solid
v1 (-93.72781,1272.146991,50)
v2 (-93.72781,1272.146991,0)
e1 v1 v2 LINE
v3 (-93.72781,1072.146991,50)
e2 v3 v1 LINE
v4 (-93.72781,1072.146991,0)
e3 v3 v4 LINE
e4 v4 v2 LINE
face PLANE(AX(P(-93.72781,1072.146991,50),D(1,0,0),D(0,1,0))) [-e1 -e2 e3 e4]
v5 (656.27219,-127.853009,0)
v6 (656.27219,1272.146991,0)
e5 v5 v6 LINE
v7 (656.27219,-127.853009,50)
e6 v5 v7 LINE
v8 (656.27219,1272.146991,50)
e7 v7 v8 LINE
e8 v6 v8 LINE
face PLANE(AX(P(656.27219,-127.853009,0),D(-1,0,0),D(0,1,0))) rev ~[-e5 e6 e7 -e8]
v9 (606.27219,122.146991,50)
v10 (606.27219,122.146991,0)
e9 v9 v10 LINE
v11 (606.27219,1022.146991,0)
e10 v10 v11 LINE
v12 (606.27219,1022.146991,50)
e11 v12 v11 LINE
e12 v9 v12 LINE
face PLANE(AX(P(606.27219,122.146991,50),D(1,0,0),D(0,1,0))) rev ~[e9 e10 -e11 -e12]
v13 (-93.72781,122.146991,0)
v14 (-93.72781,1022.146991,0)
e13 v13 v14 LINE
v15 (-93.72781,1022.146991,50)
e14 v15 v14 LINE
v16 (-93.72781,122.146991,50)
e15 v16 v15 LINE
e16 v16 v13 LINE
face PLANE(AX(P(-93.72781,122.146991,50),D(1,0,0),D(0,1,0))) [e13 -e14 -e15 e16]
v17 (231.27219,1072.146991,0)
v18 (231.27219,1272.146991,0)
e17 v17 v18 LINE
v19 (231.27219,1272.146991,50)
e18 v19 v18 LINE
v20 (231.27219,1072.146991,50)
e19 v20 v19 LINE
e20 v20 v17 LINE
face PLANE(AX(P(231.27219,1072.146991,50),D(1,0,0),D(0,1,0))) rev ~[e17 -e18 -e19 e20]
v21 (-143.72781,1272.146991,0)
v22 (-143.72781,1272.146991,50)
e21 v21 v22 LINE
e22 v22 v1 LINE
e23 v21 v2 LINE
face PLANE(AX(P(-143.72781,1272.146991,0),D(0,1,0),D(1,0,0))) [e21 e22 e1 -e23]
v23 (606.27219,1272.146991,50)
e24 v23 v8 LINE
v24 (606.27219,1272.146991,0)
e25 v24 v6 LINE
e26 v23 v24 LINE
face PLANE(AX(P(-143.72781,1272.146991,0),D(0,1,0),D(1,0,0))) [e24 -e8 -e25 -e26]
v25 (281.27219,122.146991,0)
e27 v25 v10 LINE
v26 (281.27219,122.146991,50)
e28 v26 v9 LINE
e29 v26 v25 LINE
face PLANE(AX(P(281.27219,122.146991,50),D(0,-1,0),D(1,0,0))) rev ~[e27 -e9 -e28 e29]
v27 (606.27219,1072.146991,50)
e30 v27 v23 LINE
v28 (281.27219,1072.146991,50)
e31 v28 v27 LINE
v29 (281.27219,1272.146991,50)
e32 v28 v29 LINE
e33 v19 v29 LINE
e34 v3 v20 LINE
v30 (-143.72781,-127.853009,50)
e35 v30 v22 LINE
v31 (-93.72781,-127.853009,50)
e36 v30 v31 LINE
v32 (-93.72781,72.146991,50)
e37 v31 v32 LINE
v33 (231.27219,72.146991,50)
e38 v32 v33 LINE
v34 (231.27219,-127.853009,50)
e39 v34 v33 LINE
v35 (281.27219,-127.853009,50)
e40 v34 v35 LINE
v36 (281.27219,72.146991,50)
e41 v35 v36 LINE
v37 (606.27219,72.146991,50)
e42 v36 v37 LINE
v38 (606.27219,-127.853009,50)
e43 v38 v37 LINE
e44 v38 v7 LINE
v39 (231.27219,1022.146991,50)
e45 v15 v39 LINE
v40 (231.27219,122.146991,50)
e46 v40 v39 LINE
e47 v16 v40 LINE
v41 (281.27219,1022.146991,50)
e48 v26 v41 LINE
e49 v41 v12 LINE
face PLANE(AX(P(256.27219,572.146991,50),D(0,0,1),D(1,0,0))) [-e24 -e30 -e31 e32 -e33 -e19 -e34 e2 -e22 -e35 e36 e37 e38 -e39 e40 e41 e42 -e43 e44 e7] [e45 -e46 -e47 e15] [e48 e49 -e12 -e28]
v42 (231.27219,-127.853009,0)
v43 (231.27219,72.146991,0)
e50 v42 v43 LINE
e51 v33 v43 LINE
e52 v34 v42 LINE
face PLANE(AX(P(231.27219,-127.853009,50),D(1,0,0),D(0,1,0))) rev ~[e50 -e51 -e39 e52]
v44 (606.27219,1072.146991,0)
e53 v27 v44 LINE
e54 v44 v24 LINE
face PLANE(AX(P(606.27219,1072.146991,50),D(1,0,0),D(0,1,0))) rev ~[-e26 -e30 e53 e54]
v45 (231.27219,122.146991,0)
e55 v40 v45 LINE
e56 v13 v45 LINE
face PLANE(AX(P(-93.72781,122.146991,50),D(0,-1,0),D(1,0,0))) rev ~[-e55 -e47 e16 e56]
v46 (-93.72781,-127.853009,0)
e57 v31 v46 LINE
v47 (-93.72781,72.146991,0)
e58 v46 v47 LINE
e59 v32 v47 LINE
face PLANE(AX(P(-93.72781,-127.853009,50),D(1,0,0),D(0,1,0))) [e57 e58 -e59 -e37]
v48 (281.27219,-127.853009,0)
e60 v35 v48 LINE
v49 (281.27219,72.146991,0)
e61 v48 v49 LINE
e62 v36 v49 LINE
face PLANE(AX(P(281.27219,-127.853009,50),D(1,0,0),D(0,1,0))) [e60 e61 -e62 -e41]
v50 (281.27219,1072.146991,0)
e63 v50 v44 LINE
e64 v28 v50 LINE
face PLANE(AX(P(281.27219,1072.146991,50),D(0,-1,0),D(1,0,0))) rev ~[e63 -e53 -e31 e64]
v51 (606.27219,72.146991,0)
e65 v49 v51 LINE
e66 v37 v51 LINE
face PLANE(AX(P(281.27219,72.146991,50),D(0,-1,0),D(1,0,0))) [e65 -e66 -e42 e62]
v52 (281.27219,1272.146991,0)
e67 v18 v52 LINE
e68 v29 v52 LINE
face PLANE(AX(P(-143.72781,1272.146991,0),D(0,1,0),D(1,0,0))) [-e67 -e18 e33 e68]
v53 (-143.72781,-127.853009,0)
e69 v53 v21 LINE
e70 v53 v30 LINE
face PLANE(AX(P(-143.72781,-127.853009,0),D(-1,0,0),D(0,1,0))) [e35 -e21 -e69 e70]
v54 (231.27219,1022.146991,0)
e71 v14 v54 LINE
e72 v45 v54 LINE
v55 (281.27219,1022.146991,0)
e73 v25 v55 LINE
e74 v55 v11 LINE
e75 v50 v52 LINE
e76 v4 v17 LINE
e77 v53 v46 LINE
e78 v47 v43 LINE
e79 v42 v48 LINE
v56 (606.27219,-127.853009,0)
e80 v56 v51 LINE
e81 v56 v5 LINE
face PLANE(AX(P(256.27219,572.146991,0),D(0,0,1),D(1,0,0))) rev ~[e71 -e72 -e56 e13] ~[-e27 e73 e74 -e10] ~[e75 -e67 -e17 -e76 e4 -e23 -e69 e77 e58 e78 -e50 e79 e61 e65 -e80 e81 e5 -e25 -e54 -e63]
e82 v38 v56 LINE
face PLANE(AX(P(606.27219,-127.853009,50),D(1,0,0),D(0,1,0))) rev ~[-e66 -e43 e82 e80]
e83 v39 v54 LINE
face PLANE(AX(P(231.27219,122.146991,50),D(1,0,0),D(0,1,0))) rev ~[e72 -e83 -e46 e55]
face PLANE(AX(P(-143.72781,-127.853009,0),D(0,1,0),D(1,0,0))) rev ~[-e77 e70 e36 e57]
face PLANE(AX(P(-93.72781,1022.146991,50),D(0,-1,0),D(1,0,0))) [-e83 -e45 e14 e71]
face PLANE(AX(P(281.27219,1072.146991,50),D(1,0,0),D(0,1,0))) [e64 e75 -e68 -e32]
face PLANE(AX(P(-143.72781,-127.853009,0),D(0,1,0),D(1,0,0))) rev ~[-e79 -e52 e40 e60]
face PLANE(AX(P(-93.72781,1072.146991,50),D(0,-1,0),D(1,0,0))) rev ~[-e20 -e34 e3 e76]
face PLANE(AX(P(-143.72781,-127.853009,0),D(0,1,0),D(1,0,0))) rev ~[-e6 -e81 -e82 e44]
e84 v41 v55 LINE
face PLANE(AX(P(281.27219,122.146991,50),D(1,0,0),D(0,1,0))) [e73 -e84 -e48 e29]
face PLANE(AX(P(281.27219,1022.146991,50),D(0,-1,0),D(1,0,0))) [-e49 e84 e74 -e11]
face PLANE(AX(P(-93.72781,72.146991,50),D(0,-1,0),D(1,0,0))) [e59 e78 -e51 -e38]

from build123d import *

# Parameters (mm, degrees)
F0_W     = 800
F0_H     = 1400
F1_DEPTH = 50
F2_W     = 325
F2_H     = 200
F2_H_2   = 900
F3_DEPTH = 50


with BuildPart() as f1:
    # F0 (on Top) → F1 (new body)
    with BuildSketch(Plane.XY):
        with Locations((256.27219, 572.146991)):
            Rectangle(F0_W, F0_H)
    extrude(amount=F1_DEPTH)

    # F2 (on face) → F3 (cut)
    with BuildSketch(Plane.XY.offset(50)):
        with Locations((68.77219, 1172.146991)):
            Rectangle(F2_W, F2_H)
        with Locations((68.77219, -27.853009)):
            Rectangle(F2_W, F2_H)
        with Locations((68.77219, 572.146991)):
            Rectangle(F2_W, F2_H_2)
        with Locations((443.77219, 1172.146991)):
            Rectangle(F2_W, F2_H)
        with Locations((443.77219, 572.146991)):
            Rectangle(F2_W, F2_H_2)
        with Locations((443.77219, -27.853009)):
            Rectangle(F2_W, F2_H)
    extrude(amount=-F3_DEPTH, mode=Mode.SUBTRACT)


solid = f1.part
